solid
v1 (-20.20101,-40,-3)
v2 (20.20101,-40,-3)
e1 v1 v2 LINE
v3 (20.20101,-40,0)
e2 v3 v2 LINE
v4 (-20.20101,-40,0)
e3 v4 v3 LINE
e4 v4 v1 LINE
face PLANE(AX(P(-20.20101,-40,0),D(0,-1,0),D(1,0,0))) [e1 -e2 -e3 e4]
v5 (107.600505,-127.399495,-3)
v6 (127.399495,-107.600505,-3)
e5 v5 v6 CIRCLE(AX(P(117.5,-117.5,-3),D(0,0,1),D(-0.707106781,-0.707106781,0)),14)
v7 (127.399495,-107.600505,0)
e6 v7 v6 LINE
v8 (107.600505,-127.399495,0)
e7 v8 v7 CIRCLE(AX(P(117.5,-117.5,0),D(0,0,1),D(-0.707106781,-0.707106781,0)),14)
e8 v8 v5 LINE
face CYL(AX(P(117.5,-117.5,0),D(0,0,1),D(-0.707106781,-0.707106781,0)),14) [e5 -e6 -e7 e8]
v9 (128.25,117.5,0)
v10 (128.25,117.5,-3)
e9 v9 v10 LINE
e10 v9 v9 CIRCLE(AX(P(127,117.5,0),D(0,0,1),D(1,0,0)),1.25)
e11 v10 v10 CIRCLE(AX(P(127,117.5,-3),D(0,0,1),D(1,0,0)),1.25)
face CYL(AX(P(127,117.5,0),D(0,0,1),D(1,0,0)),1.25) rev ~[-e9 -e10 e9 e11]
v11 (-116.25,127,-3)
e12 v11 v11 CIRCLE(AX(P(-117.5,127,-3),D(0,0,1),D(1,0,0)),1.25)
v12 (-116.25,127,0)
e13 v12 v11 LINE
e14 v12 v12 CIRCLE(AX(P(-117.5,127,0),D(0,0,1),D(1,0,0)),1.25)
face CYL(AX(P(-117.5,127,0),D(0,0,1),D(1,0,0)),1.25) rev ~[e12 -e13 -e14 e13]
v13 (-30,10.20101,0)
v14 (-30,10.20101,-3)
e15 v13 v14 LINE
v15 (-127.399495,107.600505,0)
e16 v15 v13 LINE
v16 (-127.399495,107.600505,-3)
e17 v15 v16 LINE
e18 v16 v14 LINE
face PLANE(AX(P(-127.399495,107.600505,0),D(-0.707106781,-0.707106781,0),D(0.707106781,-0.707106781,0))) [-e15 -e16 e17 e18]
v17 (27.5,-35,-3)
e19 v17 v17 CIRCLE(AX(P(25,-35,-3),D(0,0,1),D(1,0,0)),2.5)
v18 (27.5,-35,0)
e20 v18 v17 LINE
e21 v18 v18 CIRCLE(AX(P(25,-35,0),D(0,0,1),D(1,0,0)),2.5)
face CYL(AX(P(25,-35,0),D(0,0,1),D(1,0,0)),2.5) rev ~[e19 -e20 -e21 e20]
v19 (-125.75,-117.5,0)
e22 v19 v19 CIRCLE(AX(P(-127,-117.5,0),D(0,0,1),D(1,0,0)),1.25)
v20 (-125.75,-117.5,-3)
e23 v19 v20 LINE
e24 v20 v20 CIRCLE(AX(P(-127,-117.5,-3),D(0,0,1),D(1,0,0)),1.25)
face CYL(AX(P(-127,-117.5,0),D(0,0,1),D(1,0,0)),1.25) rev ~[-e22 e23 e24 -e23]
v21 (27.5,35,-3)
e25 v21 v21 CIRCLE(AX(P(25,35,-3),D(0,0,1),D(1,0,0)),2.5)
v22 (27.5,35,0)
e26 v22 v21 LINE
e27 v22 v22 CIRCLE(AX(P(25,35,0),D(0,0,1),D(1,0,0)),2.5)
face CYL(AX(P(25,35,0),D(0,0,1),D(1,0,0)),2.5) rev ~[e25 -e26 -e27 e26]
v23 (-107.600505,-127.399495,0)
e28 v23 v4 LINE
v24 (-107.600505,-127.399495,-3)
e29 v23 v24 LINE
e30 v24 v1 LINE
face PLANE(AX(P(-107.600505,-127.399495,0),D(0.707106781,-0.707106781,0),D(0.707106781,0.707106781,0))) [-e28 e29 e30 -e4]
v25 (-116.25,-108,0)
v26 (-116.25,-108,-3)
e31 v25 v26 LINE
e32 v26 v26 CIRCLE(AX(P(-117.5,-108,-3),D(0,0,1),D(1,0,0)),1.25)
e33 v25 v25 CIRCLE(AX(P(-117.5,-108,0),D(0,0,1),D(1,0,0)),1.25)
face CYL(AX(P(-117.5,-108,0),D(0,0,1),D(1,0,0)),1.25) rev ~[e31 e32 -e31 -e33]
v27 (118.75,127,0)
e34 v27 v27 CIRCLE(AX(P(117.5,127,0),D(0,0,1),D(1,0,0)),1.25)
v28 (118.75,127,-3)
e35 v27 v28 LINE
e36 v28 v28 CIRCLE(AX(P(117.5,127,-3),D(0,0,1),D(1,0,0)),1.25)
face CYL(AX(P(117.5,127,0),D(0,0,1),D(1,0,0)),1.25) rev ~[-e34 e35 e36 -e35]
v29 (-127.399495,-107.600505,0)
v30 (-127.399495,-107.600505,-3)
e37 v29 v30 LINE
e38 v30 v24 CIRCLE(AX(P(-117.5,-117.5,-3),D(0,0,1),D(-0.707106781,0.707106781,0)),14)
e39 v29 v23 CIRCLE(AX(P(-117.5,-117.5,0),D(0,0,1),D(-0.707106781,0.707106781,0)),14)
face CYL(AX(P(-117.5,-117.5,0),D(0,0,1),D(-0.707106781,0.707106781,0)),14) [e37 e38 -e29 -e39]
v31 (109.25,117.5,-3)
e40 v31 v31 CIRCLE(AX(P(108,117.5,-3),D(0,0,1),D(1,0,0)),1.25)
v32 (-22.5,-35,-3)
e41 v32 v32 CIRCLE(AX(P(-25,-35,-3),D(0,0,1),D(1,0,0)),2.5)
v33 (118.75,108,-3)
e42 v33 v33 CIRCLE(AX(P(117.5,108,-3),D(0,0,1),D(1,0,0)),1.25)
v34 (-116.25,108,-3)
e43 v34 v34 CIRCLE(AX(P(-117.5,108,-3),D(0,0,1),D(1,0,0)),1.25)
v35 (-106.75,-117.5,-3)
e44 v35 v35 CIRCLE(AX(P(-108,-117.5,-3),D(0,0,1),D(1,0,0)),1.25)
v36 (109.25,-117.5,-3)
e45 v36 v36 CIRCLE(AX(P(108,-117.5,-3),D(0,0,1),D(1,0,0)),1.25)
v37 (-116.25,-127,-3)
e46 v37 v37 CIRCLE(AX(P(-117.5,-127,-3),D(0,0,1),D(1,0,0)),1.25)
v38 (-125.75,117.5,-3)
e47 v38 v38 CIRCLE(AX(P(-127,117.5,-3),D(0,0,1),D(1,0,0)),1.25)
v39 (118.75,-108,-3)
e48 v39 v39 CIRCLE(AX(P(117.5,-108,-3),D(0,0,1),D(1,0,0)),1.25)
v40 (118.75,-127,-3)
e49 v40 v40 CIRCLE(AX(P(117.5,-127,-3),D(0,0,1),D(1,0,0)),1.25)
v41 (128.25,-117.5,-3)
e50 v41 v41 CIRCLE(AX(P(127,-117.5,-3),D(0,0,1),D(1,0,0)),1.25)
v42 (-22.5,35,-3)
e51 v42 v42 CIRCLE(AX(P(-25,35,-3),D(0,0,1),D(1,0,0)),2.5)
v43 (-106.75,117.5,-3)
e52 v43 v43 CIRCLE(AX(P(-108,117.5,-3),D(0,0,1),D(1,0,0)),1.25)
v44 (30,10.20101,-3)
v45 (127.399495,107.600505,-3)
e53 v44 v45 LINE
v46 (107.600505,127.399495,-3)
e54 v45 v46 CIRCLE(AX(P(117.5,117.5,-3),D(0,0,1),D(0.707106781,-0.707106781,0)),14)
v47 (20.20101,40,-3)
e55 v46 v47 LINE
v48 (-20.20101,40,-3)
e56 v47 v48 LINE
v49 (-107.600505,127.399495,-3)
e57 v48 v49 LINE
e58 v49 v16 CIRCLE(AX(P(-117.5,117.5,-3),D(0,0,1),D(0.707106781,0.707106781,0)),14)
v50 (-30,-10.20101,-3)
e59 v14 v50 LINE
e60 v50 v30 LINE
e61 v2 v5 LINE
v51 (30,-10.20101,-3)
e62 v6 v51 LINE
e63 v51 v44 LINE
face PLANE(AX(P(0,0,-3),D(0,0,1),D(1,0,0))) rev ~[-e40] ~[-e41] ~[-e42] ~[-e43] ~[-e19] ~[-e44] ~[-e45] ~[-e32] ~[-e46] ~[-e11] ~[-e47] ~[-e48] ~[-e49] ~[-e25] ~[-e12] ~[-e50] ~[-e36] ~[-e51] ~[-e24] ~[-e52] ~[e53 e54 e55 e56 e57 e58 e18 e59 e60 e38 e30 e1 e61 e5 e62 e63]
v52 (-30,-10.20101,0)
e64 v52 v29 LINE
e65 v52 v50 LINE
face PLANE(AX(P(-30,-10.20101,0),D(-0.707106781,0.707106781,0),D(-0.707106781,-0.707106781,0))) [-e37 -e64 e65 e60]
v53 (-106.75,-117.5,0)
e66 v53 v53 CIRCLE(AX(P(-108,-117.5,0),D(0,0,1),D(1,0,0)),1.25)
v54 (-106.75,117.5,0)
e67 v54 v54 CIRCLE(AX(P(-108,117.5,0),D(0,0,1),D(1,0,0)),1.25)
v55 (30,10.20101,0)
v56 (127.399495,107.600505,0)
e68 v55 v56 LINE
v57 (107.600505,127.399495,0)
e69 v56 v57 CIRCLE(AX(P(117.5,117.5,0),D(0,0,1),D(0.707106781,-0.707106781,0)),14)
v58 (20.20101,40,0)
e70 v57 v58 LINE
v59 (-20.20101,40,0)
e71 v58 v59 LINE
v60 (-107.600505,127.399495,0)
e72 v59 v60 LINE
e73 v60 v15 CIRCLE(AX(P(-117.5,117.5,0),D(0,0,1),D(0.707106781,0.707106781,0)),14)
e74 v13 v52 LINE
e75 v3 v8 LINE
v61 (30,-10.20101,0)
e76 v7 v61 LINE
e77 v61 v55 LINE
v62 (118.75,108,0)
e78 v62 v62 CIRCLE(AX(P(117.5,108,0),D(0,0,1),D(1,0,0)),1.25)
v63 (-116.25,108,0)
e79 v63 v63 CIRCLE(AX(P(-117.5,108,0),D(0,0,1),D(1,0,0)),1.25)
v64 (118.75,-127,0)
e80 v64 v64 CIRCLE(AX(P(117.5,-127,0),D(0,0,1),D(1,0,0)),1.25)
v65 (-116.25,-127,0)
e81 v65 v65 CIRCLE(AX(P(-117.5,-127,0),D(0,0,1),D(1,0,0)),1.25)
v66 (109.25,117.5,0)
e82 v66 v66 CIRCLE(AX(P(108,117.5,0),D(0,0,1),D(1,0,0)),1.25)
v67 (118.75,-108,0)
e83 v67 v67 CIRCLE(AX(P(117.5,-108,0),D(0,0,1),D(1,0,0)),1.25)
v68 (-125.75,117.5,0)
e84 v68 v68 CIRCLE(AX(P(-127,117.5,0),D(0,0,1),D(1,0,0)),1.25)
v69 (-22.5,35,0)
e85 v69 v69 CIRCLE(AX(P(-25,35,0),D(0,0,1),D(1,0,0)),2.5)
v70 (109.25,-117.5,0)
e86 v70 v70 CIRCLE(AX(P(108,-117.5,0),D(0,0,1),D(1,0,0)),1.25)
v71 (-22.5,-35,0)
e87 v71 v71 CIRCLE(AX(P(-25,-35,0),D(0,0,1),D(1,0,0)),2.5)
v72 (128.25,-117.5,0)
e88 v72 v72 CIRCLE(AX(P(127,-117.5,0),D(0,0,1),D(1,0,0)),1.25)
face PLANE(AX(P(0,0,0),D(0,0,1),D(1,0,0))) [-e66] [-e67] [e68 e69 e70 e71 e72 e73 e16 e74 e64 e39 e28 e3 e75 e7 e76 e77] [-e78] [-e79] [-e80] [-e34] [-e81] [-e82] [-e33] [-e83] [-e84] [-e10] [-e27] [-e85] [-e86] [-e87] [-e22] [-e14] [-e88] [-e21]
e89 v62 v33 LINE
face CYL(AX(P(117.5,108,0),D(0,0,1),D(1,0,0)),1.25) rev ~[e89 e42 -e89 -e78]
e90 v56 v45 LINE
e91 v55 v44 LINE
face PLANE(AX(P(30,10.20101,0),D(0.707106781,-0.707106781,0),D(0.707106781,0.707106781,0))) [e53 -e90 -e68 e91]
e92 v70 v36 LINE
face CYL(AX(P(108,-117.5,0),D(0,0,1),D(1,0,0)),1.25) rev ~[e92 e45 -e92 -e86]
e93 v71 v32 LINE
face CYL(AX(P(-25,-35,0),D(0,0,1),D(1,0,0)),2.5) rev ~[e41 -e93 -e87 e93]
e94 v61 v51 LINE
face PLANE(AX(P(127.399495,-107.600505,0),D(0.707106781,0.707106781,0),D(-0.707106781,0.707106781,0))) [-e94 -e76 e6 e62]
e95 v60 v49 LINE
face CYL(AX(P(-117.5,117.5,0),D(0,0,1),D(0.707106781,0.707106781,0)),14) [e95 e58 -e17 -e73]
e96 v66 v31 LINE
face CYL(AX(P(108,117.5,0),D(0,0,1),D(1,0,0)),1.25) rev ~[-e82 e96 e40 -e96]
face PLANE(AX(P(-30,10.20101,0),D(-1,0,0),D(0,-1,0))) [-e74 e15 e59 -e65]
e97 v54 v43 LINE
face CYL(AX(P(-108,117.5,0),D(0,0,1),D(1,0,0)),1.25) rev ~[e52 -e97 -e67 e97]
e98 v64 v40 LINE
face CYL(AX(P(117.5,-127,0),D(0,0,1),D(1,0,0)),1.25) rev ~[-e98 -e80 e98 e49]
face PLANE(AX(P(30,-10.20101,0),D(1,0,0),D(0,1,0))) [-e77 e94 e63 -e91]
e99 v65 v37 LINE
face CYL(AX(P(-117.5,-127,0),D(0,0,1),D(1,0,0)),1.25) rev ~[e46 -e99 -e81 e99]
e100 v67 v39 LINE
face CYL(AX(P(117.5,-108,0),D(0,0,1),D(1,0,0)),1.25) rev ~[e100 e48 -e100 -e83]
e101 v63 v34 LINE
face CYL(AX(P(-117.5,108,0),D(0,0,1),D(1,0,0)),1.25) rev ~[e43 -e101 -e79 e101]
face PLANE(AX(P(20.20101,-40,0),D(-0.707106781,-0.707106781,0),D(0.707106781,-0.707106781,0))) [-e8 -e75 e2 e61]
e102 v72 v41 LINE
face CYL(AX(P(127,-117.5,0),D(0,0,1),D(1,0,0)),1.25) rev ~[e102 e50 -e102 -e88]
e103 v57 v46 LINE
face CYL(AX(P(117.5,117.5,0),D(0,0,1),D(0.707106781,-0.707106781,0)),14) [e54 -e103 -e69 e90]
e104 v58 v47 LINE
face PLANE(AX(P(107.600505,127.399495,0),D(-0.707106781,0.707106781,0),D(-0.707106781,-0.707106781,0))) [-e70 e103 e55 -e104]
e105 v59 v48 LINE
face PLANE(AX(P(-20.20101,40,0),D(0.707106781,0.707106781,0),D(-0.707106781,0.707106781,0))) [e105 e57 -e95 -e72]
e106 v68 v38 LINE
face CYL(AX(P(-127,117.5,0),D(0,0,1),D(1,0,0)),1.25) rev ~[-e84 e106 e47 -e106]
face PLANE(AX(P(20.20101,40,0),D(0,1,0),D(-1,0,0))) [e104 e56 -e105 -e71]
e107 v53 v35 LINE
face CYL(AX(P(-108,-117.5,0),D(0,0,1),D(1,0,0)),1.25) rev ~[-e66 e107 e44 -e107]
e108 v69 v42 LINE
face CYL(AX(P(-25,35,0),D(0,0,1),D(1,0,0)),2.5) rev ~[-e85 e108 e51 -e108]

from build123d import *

# Parameters (mm, degrees)
BOSS_EXTRUDE1_DEPTH = 3
SKETCH4_R           = 1.25
SKETCH4_R_2         = 2.5
CUT_EXTRUDE1_DEPTH  = 3


with BuildPart() as part:
    # Sketch1 → Boss-Extrude1 (new body)
    with BuildSketch(Plane.XY):
        with BuildLine():
            Line((20.201010127, 40), (-20.201010127, 40))
            Line((-20.201010127, 40), (-107.600505063, 127.399494937))
            ThreePointArc((-107.600505063, 127.399494937), (-127.399494937, 127.399494937), (-127.399494937, 107.600505063))
            Line((-127.399494937, 107.600505063), (-30, 10.201010127))
            Line((-30, 10.201010127), (-30, -10.201010127))
            Line((-30, -10.201010127), (-127.399494937, -107.600505063))
            ThreePointArc((-127.399494937, -107.600505063), (-127.399494937, -127.399494937), (-107.600505063, -127.399494937))
            Line((-107.600505063, -127.399494937), (-20.201010127, -40))
            Line((-20.201010127, -40), (20.201010127, -40))
            Line((20.201010127, -40), (107.600505063, -127.399494937))
            ThreePointArc((107.600505063, -127.399494937), (127.399494937, -127.399494937), (127.399494937, -107.600505063))
            Line((127.399494937, -107.600505063), (30, -10.201010127))
            Line((30, -10.201010127), (30, 10.201010127))
            Line((30, 10.201010127), (127.399494937, 107.600505063))
            ThreePointArc((127.399494937, 107.600505063), (127.399494937, 127.399494937), (107.600505063, 127.399494937))
            Line((107.600505063, 127.399494937), (20.201010127, 40))
        make_face()
    extrude(amount=-BOSS_EXTRUDE1_DEPTH)

    # Sketch4 → Cut-Extrude1 (cut)
    with BuildSketch(Plane.XY):
        with Locations((-108, 117.5)):
            Circle(SKETCH4_R)
        with Locations((-117.5, 108)):
            Circle(SKETCH4_R)
        with Locations((-127, 117.5)):
            Circle(SKETCH4_R)
        with Locations((-117.5, 127)):
            Circle(SKETCH4_R)
        with Locations((-25, 35)):
            Circle(SKETCH4_R_2)
        with Locations((-117.5, -108)):
            Circle(SKETCH4_R)
        with Locations((-127, -117.5)):
            Circle(SKETCH4_R)
        with Locations((-117.5, -127)):
            Circle(SKETCH4_R)
        with Locations((-108, -117.5)):
            Circle(SKETCH4_R)
        with Locations((-25, -35)):
            Circle(SKETCH4_R_2)
        with Locations((108, -117.5)):
            Circle(SKETCH4_R)
        with Locations((117.5, -127)):
            Circle(SKETCH4_R)
        with Locations((127, -117.5)):
            Circle(SKETCH4_R)
        with Locations((117.5, -108)):
            Circle(SKETCH4_R)
        with Locations((117.5, 108)):
            Circle(SKETCH4_R)
        with Locations((127, 117.5)):
            Circle(SKETCH4_R)
        with Locations((117.5, 127)):
            Circle(SKETCH4_R)
        with Locations((108, 117.5)):
            Circle(SKETCH4_R)
        with Locations((25, -35)):
            Circle(SKETCH4_R_2)
        with Locations((25, 35)):
            Circle(SKETCH4_R_2)
    extrude(amount=-CUT_EXTRUDE1_DEPTH, mode=Mode.SUBTRACT)


solid = part.part
